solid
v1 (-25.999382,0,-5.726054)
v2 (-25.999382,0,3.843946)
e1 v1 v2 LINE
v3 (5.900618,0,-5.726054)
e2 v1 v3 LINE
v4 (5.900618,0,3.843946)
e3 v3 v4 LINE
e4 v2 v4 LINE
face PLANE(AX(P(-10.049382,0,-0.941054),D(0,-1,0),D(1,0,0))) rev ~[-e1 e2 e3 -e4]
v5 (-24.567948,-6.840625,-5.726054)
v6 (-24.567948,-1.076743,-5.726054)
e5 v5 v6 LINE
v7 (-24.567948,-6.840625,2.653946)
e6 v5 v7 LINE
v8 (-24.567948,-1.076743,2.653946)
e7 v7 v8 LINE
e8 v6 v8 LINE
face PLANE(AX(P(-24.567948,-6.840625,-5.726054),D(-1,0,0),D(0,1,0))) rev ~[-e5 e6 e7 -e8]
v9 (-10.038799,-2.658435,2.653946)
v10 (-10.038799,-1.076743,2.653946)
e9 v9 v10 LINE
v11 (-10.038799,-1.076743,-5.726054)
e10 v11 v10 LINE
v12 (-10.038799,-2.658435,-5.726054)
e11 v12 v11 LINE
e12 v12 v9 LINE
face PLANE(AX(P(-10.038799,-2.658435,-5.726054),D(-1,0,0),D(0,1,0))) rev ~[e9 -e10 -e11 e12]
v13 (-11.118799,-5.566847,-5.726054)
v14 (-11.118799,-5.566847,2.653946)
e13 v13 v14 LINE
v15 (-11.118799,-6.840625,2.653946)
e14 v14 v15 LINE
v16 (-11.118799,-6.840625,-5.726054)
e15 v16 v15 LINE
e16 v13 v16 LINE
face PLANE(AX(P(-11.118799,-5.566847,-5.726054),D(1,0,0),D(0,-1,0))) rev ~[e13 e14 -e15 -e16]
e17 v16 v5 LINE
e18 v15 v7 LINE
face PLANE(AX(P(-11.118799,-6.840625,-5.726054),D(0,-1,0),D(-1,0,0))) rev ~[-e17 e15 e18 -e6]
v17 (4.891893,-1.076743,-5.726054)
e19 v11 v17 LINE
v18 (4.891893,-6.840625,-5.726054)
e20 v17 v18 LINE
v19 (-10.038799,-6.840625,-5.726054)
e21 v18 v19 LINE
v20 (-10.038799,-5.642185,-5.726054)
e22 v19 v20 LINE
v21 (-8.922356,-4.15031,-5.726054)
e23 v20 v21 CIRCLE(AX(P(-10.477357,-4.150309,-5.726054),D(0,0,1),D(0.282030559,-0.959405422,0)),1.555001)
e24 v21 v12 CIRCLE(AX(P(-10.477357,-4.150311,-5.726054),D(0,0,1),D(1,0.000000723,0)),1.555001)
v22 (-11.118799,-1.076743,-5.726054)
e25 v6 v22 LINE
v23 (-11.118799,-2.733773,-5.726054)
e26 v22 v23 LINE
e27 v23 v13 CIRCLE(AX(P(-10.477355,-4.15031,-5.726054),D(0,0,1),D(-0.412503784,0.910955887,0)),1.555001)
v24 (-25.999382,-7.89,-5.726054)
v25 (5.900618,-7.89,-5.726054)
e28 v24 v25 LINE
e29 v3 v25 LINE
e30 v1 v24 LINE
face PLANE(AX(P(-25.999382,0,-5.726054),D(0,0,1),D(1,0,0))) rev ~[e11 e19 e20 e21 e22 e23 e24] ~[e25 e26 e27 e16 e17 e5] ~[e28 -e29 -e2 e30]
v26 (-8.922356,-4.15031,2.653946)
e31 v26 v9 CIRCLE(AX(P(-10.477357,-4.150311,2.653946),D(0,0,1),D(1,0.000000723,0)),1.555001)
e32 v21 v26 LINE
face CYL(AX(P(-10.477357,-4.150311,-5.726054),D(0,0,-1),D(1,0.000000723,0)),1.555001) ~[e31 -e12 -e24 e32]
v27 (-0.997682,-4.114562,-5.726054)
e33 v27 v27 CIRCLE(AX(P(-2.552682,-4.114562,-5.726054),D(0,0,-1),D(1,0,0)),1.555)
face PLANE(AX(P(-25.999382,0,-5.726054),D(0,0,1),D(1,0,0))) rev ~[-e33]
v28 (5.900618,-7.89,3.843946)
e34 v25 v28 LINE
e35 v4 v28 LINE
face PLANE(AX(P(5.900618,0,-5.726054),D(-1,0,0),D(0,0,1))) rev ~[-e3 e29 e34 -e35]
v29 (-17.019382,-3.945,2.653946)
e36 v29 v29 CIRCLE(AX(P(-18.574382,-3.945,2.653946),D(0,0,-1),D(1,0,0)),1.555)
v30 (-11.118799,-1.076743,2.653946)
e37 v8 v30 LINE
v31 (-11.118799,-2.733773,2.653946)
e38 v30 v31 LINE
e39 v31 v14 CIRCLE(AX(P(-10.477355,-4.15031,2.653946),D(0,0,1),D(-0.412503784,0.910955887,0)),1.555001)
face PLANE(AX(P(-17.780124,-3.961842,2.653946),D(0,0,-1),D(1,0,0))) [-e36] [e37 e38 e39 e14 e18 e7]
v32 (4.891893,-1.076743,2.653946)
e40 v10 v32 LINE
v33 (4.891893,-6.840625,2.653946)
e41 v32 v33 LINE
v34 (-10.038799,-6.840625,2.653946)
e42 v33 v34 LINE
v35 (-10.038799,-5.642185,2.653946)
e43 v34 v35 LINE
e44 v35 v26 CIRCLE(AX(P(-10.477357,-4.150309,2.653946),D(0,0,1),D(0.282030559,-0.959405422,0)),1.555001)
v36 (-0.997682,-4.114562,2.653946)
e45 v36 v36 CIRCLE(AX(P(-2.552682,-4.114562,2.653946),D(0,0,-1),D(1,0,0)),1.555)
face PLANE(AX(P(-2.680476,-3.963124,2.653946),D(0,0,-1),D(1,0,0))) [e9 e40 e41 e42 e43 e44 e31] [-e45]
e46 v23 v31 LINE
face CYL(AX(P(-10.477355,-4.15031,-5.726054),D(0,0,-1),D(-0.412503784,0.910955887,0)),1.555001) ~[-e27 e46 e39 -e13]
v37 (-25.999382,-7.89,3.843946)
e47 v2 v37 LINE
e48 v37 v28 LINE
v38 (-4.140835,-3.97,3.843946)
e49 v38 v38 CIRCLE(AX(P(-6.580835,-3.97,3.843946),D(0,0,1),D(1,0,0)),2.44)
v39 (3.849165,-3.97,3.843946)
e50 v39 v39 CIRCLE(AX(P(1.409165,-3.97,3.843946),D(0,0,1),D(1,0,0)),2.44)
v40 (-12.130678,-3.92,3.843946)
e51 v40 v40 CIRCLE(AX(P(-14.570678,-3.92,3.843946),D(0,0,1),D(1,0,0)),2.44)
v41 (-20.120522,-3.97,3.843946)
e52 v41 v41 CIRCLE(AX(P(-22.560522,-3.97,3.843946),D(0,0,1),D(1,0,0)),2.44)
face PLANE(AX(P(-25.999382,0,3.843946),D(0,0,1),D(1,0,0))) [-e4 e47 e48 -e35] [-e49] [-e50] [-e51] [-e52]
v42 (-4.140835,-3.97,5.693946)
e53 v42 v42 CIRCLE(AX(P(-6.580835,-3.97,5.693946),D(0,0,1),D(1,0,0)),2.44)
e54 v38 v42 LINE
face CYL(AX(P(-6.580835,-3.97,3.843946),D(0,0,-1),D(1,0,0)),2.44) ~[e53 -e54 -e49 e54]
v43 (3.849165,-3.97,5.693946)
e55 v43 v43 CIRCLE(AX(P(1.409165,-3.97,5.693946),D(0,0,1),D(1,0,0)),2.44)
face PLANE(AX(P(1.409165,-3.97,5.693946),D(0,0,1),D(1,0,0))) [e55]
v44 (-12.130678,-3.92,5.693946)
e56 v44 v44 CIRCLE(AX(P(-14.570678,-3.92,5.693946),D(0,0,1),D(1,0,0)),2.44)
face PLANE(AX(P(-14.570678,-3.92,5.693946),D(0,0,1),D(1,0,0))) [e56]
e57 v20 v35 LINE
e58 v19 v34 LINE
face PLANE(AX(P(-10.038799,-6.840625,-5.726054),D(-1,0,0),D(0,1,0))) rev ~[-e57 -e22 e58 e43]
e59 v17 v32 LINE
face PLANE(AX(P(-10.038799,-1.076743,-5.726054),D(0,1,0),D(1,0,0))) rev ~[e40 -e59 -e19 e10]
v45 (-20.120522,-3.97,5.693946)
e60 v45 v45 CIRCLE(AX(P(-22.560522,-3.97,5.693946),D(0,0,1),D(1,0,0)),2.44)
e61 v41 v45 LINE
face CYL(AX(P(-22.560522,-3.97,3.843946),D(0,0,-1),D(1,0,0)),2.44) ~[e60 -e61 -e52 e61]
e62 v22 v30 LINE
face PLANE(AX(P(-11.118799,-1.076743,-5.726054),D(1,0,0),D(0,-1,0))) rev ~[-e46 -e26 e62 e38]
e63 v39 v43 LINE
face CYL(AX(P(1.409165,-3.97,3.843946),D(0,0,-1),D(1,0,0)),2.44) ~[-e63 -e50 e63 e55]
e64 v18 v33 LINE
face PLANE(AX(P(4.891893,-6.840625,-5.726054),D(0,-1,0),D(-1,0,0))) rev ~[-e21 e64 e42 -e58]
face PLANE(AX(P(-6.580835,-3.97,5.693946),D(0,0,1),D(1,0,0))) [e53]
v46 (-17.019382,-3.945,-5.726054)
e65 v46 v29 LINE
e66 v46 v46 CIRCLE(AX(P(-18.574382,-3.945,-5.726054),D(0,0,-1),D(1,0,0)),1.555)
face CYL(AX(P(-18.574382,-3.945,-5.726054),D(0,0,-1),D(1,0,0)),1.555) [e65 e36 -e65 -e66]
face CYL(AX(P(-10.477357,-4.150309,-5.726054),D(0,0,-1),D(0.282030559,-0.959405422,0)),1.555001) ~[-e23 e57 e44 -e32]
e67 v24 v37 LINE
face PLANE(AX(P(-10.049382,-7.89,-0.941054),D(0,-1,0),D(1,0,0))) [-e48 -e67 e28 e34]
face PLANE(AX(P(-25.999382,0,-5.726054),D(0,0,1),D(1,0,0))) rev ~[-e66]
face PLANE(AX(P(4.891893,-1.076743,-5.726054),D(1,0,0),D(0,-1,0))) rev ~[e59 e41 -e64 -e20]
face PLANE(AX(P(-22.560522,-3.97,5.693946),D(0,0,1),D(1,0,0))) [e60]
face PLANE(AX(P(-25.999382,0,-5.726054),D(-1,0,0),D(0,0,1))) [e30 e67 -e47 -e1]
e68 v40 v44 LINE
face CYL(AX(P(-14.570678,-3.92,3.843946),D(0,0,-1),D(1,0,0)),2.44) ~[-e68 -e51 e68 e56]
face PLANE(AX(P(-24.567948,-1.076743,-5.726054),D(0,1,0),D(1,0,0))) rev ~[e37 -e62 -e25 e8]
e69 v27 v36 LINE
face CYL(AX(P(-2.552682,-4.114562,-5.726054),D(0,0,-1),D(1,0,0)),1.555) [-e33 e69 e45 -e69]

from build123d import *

# Parameters (mm, degrees)
F0_W     = 31.9
F0_H     = 9.57
F1_DEPTH = 7.89
F2_R     = 2.44
F3_DEPTH = 1.85
F4_R     = 1.555
F5_DEPTH = 8.38


with BuildPart() as f1:
    # F0 (on Front) → F1 (new body)
    with BuildSketch(Plane.XZ):
        with Locations((-10.049382, -0.941054)):
            Rectangle(F0_W, F0_H)
    extrude(amount=F1_DEPTH)

    # F2 (on face) → F3 (join)
    with BuildSketch(Plane.XY.offset(3.843946)):
        with Locations((-22.560522, -3.97)):
            Circle(F2_R)
        with Locations((-14.570678, -3.92)):
            Circle(F2_R)
        with Locations((-6.580835, -3.97)):
            Circle(F2_R)
        with Locations((1.409165, -3.97)):
            Circle(F2_R)
    extrude(amount=F3_DEPTH)

    # F4 (on face) → F5 (cut)
    with BuildSketch(Plane(origin=(0, 0, -5.726054), x_dir=(1, 0, 0), z_dir=(0, 0, -1))):
        with BuildLine():
            Line((-11.118799, 6.840625), (-24.567948, 6.840625))
            Line((-24.567948, 6.840625), (-24.567948, 1.076743))
            Line((-24.567948, 1.076743), (-11.118799, 1.076743))
            Line((-11.118799, 1.076743), (-11.118799, 2.733773))
            ThreePointArc((-11.118799, 2.733773), (-12.032356, 4.15031), (-11.118799, 5.566847))
            Line((-11.118799, 5.566847), (-11.118799, 6.840625))
        make_face()
        with Locations((-18.574382, 3.945)):
            Circle(F4_R, mode=Mode.SUBTRACT)
        with BuildLine():
            Line((4.891893, 6.840625), (-10.038799, 6.840625))
            Line((-10.038799, 6.840625), (-10.038799, 5.642185))
            ThreePointArc((-10.038799, 5.642185), (-9.23237, 5.081993), (-8.922356, 4.15031))
            ThreePointArc((-8.922356, 4.15031), (-9.23237, 3.218627), (-10.038799, 2.658435))
            Line((-10.038799, 2.658435), (-10.038799, 1.076743))
            Line((-10.038799, 1.076743), (4.891893, 1.076743))
            Line((4.891893, 1.076743), (4.891893, 6.840625))
        make_face()
        with Locations((-2.552682, 4.114562)):
            Circle(F4_R, mode=Mode.SUBTRACT)
    extrude(amount=-F5_DEPTH, mode=Mode.SUBTRACT)


solid = f1.part
